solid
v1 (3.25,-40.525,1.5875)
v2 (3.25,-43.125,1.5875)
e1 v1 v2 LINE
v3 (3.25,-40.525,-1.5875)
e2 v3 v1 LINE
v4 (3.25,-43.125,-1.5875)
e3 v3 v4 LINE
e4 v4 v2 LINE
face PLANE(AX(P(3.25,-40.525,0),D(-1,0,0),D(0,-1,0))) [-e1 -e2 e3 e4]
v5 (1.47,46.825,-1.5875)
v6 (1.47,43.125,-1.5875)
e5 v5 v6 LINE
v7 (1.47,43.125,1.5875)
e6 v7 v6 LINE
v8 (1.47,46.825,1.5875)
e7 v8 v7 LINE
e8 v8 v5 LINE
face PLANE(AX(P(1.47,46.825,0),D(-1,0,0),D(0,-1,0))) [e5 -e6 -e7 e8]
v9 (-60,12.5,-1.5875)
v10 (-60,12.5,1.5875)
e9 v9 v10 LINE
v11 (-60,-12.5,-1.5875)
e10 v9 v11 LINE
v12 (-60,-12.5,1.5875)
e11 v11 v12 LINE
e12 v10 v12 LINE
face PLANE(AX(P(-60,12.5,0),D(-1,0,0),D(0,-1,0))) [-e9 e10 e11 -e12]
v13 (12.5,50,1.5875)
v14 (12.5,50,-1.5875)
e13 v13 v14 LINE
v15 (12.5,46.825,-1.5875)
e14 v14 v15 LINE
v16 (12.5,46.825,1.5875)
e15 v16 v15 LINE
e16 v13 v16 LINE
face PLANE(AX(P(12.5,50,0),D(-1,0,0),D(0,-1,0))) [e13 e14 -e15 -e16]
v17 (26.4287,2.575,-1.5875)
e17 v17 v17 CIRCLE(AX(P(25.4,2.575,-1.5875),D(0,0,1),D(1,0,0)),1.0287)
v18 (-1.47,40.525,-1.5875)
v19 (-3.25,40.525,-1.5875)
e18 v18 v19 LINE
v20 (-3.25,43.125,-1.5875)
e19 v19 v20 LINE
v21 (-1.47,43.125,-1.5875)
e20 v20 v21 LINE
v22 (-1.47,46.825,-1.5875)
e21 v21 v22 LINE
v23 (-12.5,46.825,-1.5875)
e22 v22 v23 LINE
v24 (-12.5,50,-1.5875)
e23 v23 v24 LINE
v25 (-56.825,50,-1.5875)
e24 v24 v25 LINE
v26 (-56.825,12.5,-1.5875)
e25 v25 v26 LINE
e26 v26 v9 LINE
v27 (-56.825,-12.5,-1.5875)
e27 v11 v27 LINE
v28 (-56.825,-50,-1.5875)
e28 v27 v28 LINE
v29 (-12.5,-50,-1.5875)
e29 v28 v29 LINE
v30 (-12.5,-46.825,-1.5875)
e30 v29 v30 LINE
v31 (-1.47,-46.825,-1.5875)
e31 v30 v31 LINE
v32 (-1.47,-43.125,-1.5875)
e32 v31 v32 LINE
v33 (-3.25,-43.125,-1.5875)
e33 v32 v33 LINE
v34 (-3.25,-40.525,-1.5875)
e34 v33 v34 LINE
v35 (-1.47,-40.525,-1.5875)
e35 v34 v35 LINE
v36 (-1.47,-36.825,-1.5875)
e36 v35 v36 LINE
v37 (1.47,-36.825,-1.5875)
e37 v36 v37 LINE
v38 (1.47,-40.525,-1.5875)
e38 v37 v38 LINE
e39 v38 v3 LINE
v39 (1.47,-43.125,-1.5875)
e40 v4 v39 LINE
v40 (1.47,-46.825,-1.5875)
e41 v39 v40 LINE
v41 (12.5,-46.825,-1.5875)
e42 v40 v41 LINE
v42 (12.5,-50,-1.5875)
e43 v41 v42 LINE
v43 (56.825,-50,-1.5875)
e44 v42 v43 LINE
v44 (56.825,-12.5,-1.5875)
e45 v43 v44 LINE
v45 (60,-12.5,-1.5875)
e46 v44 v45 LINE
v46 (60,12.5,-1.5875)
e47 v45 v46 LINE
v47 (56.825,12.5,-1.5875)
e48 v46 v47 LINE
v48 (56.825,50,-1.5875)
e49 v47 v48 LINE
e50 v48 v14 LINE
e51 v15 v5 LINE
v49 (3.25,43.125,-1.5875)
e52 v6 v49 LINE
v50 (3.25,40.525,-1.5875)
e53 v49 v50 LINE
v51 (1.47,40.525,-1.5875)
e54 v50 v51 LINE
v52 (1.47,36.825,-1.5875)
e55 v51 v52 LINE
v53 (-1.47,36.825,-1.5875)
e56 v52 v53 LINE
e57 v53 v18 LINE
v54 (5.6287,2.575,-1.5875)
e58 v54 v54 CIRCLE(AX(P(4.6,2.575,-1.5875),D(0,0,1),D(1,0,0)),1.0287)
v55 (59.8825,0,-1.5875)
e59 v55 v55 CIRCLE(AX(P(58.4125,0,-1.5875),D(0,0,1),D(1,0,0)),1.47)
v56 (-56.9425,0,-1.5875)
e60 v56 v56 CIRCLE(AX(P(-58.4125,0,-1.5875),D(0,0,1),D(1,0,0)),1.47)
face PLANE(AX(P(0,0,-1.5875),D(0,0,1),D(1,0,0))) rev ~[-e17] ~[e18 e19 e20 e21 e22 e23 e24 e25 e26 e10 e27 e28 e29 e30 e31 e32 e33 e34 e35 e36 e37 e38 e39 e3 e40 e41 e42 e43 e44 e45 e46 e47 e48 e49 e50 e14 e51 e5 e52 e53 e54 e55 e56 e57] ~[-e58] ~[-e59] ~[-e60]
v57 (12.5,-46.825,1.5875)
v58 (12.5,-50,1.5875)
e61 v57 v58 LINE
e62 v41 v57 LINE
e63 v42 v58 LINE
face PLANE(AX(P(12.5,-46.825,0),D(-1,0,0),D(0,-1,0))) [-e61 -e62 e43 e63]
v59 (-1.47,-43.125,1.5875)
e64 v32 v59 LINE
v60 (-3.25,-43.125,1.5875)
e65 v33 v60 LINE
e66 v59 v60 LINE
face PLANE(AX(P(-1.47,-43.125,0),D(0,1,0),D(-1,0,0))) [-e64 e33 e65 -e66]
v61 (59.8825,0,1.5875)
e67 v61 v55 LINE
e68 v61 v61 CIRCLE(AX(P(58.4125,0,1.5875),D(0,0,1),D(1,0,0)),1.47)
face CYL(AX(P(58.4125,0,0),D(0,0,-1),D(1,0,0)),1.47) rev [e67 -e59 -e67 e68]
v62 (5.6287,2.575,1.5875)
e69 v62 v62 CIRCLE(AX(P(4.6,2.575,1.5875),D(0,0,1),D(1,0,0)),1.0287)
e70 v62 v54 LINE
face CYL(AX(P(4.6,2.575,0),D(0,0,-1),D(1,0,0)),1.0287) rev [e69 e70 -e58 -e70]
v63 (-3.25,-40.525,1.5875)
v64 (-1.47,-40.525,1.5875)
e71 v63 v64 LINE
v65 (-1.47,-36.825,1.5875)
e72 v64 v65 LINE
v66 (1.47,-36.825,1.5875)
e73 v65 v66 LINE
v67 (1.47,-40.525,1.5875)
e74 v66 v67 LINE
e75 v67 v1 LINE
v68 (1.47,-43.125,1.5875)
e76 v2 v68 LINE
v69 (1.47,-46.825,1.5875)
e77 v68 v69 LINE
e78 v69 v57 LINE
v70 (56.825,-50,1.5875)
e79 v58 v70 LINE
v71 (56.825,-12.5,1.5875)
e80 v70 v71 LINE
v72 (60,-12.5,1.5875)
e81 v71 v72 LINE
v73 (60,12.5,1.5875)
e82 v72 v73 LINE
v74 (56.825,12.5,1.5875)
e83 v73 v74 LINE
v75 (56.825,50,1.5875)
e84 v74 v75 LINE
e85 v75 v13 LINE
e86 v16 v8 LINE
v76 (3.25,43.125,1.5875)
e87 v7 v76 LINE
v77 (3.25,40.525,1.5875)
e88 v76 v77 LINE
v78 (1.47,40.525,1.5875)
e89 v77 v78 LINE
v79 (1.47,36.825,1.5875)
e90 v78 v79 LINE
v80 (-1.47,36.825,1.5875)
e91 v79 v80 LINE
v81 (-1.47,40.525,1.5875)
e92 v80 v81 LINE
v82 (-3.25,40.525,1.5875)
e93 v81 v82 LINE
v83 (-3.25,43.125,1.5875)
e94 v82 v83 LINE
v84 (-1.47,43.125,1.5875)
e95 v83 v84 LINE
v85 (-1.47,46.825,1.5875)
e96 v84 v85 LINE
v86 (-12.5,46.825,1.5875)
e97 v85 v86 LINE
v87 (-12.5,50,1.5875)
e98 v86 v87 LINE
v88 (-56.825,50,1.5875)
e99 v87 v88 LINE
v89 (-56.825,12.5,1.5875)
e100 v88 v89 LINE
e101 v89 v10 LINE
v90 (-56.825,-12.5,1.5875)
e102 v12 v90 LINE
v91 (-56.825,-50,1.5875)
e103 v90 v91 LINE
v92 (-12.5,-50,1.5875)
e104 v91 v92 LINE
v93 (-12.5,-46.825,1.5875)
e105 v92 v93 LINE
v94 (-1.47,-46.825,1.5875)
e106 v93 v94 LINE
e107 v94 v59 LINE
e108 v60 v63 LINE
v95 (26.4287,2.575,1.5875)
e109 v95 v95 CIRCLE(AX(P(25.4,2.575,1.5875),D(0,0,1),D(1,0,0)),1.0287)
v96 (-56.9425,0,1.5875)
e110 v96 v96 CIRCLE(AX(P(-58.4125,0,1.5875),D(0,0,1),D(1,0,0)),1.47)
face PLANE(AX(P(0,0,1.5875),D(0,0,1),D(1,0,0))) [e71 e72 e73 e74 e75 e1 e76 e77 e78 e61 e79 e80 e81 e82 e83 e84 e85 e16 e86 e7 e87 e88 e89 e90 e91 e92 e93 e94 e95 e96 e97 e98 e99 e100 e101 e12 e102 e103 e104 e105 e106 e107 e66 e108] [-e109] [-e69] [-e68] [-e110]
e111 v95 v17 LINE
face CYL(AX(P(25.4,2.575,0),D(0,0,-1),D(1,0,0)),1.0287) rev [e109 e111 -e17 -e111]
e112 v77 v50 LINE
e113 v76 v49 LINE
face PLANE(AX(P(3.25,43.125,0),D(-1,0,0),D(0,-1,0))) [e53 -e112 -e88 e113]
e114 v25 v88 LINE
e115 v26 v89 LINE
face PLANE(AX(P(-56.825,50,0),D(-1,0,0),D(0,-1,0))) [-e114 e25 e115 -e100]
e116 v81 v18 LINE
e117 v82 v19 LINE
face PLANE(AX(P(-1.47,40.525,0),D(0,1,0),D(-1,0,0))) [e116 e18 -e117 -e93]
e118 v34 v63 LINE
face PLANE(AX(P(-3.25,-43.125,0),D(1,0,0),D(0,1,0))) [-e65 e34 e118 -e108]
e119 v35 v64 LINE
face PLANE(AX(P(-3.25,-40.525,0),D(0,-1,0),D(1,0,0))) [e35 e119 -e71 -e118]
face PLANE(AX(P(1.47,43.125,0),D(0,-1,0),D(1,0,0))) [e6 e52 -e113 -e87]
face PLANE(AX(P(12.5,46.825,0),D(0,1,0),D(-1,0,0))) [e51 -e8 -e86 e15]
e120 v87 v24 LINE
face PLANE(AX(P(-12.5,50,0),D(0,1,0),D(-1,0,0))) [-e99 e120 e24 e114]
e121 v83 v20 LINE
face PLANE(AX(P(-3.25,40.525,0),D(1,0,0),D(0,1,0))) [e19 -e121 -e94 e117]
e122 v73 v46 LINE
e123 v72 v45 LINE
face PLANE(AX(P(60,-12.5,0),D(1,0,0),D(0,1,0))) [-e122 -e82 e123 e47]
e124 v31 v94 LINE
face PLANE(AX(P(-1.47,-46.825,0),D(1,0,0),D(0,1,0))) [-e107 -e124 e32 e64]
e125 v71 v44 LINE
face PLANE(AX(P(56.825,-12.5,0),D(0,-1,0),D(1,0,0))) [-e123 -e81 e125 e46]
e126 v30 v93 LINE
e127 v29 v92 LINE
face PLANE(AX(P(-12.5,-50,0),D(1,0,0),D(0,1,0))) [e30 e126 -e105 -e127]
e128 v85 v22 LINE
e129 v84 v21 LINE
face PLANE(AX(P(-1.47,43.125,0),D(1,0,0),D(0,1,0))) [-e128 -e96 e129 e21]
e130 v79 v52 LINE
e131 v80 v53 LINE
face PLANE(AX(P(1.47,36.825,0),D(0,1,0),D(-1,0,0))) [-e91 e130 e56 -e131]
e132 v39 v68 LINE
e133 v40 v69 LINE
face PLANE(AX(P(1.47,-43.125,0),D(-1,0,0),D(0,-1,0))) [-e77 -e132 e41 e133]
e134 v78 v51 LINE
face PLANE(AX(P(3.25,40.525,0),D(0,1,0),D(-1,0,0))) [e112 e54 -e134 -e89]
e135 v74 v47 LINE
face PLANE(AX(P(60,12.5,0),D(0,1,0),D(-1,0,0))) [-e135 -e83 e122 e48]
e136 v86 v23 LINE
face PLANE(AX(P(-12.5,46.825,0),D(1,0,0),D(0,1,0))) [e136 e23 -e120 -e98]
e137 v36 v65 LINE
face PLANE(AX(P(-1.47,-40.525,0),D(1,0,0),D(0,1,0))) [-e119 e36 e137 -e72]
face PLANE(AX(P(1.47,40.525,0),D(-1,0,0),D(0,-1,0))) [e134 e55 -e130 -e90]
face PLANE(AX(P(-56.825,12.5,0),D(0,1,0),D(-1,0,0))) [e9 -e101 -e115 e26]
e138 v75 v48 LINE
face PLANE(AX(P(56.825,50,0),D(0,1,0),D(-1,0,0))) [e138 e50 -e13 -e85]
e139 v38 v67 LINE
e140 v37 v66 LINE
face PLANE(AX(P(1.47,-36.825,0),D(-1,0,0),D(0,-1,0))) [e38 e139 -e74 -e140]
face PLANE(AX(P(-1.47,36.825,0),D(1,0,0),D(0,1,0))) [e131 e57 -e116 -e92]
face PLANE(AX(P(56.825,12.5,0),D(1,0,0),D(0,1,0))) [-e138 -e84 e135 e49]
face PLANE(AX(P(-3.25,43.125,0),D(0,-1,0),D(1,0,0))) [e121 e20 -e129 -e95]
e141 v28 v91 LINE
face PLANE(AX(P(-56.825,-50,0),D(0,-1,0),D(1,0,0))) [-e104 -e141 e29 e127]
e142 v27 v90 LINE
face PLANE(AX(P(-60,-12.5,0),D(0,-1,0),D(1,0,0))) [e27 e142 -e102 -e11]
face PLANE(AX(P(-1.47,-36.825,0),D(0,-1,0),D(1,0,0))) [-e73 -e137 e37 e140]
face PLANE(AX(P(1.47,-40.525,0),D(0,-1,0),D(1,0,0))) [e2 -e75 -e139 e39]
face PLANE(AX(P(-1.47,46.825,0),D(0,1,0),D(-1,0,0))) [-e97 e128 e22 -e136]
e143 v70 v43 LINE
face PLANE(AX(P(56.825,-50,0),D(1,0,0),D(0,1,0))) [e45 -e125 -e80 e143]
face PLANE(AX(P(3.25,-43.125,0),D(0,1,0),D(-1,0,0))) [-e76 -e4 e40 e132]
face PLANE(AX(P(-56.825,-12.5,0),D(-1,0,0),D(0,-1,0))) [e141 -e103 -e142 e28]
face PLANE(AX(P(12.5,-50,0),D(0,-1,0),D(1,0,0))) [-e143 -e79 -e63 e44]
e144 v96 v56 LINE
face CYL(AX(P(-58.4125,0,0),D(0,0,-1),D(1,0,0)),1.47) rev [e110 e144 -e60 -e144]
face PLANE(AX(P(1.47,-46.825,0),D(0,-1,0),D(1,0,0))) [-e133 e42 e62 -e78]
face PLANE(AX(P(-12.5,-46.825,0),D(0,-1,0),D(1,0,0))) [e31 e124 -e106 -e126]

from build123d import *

# Parameters (mm, degrees)
SKETCH1_R           = 1.0287
SKETCH1_R_2         = 1.47
BOSS_EXTRUDE1_DEPTH = 1.5875


with BuildPart() as part:
    # Sketch1 → Boss-Extrude1 (new body, symmetric)
    with BuildSketch(Plane.XY):
        Polygon((-12.5, 50), (-56.825, 50), (-56.825, 12.5), (-60, 12.5), (-60, -12.5), (-56.825, -12.5), (-56.825, -50), (-12.5, -50), (-12.5, -46.825), (-1.47, -46.825), (-1.47, -43.125), (-3.25, -43.125), (-3.25, -40.525), (-1.47, -40.525), (-1.47, -36.825), (1.47, -36.825), (1.47, -40.525), (3.25, -40.525), (3.25, -43.125), (1.47, -43.125), (1.47, -46.825), (12.5, -46.825), (12.5, -50), (56.825, -50), (56.825, -12.5), (60, -12.5), (60, 12.5), (56.825, 12.5), (56.825, 50), (12.5, 50), (12.5, 46.825), (1.47, 46.825), (1.47, 43.125), (3.25, 43.125), (3.25, 40.525), (1.47, 40.525), (1.47, 36.825), (-1.47, 36.825), (-1.47, 40.525), (-3.25, 40.525), (-3.25, 43.125), (-1.47, 43.125), (-1.47, 46.825), (-12.5, 46.825), align=None)
        with Locations((4.6, 2.575)):
            Circle(SKETCH1_R, mode=Mode.SUBTRACT)
        with Locations((25.4, 2.575)):
            Circle(SKETCH1_R, mode=Mode.SUBTRACT)
        with Locations((-58.4125, 0)):
            Circle(SKETCH1_R_2, mode=Mode.SUBTRACT)
        with Locations((58.4125, 0)):
            Circle(SKETCH1_R_2, mode=Mode.SUBTRACT)
    extrude(amount=BOSS_EXTRUDE1_DEPTH, both=True)


solid = part.part
